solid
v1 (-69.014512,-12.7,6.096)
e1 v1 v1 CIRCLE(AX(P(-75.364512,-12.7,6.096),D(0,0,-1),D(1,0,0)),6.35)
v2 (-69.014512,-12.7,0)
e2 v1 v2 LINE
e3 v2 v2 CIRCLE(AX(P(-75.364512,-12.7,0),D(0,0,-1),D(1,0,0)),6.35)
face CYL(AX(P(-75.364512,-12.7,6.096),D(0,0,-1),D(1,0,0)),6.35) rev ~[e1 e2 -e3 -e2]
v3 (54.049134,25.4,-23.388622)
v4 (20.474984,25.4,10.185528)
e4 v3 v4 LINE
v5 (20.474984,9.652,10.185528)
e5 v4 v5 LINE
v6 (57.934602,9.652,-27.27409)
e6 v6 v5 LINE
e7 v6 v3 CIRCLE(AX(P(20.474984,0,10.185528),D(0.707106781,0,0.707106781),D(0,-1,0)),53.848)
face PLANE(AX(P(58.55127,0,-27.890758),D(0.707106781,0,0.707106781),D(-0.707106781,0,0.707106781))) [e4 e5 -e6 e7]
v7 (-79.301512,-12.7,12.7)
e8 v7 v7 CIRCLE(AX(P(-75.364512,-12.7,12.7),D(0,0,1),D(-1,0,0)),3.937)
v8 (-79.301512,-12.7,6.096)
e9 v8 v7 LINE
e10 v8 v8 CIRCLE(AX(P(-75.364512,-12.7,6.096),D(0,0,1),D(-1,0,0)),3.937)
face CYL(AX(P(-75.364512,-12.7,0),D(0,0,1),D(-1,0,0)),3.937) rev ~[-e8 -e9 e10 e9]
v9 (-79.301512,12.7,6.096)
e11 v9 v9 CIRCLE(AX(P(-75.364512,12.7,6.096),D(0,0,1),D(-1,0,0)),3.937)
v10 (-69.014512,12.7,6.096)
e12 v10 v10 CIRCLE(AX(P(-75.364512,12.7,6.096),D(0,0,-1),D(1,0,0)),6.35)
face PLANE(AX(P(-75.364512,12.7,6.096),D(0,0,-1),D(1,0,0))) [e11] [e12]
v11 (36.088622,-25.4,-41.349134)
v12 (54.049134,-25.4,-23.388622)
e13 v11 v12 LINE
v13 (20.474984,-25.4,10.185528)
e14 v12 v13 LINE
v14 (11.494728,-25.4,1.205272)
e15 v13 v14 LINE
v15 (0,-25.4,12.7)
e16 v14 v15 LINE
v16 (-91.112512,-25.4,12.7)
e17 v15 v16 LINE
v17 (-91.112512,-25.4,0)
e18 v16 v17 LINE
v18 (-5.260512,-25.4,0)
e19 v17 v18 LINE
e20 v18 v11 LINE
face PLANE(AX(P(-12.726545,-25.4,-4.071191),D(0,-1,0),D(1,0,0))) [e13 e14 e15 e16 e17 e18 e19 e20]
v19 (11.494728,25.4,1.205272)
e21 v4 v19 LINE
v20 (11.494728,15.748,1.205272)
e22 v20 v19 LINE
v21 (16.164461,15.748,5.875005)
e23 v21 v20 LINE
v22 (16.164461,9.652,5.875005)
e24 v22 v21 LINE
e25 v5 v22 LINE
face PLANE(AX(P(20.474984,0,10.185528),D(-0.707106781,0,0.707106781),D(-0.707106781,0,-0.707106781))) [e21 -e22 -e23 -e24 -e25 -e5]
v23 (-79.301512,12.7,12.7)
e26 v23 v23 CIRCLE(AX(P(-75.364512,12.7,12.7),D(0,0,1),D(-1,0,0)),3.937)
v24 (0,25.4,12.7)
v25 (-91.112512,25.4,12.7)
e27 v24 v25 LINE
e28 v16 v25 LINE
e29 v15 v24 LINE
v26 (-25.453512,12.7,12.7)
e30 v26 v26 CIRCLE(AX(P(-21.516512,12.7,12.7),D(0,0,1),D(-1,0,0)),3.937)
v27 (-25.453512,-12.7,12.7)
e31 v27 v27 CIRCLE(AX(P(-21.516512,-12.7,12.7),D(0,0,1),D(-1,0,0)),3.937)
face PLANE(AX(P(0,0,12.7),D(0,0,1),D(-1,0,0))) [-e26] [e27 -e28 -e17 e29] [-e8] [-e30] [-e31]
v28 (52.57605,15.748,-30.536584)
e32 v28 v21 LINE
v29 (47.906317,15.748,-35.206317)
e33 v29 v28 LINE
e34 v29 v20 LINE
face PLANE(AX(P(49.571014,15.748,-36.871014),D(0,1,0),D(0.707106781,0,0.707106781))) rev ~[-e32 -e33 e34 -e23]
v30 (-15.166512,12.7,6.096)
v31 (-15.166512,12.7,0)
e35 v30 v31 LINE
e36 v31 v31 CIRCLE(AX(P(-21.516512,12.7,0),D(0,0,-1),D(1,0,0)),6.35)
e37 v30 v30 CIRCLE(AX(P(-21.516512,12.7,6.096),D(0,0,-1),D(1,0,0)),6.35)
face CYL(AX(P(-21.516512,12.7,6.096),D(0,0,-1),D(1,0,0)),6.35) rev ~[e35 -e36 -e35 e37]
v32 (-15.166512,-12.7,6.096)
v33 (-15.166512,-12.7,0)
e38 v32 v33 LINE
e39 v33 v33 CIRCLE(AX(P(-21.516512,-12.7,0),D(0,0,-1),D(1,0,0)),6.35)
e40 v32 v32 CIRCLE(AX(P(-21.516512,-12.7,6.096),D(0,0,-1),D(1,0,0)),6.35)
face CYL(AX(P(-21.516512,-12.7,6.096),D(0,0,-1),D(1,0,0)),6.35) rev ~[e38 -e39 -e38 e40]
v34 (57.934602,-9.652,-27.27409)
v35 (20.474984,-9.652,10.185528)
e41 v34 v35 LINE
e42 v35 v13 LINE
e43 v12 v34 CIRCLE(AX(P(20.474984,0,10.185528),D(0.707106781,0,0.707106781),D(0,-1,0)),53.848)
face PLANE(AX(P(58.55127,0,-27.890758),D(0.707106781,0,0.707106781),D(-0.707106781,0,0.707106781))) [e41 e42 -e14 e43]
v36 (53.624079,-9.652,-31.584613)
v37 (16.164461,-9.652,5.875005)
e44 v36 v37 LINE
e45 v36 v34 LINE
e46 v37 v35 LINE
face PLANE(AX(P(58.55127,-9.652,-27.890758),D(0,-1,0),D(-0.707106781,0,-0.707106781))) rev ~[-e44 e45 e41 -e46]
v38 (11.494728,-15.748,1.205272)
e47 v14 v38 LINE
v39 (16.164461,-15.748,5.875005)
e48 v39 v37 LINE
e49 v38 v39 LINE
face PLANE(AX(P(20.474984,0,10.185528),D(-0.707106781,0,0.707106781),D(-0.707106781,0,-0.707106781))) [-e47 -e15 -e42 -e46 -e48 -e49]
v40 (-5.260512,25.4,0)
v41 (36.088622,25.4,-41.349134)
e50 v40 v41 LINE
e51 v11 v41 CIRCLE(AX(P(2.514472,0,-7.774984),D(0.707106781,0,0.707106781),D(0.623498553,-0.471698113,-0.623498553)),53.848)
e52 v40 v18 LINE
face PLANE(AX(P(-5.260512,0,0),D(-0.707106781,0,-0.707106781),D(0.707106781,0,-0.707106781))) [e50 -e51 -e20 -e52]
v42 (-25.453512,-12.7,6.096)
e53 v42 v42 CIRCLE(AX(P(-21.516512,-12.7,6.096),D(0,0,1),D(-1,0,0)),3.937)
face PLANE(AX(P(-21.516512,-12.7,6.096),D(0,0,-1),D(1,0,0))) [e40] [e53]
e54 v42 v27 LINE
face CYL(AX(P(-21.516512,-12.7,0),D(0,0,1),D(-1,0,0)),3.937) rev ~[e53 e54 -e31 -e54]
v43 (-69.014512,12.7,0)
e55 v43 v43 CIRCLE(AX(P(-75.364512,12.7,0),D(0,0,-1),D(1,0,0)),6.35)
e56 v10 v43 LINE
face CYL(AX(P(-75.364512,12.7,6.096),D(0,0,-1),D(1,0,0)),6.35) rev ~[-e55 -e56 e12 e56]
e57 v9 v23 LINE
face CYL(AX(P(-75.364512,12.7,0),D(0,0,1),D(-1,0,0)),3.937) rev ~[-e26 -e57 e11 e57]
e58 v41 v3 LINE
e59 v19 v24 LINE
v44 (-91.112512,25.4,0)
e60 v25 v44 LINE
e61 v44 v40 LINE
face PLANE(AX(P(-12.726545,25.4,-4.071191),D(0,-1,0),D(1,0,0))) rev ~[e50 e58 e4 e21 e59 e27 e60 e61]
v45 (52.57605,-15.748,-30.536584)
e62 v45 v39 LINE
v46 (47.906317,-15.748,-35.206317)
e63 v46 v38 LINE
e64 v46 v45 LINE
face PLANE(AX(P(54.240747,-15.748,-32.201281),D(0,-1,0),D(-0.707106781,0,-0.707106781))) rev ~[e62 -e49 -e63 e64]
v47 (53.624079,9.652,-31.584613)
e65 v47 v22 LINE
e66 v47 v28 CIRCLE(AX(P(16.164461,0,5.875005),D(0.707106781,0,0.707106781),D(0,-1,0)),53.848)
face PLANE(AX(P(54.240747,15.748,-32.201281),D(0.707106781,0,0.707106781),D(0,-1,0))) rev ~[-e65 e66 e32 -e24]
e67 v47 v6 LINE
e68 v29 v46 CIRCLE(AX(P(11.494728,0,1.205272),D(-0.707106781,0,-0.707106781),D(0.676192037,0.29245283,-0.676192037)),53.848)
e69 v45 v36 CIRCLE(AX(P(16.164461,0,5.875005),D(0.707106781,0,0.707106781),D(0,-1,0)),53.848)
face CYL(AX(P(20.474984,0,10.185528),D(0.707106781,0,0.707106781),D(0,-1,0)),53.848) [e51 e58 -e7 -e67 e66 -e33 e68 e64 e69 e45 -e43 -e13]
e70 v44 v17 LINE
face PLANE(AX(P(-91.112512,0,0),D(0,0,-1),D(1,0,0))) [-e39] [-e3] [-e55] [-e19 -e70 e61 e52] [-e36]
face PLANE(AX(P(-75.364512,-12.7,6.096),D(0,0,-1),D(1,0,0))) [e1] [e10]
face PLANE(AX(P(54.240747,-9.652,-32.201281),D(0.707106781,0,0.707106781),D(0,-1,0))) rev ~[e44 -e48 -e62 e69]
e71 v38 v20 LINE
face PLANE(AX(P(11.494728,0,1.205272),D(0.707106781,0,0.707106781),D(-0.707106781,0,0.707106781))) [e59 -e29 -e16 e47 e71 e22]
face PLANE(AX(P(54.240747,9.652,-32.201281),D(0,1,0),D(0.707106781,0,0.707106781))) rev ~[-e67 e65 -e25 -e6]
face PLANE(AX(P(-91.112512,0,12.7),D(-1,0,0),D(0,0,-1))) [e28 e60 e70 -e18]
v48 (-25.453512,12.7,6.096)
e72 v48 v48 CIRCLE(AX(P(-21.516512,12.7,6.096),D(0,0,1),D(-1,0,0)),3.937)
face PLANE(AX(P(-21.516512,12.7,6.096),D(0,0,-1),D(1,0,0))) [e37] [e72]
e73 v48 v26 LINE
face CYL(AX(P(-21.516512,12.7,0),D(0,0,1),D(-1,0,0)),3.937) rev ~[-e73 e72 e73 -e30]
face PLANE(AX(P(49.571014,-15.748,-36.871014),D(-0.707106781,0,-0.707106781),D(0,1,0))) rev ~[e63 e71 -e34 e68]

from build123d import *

# Parameters (mm, degrees)
F1_DEPTH       = 25.4
F3_D           = 7.874
F3_CBORE_D     = 12.7
F3_CBORE_DEPTH = 6.096
F5_DEPTH       = 134.531275
F7_DEPTH       = 118.529275


with BuildPart() as f1:
    # F0 (on Front) → F1 (new body, symmetric)
    with BuildSketch(Plane.XZ):
        Polygon((-91.112512, 12.7), (-91.112512, 0), (-5.260512, 0), (40.590758, -45.85127), (49.571014, -36.871014), (58.55127, -27.890758), (20.474984, 10.185528), (11.494728, 1.205272), (0, 12.7), align=None)
    extrude(amount=F1_DEPTH, both=True)

    # F3 (through all)
    with Locations(Plane(origin=(0, 0, 0), x_dir=(1, 0, 0), z_dir=(0, 0, -1))):
        with Locations((-75.364512, 12.7), (-75.364512, -12.7), (-21.516512, -12.7), (-21.516512, 12.7)):
            CounterBoreHole(F3_D / 2, F3_CBORE_D / 2, F3_CBORE_DEPTH)

    # F4 (on face) → F5 (cut, through all)
    with BuildSketch(Plane(origin=(43.221014, 0, -43.221014), x_dir=(0, 1, 0), z_dir=(0.707107, 0, -0.707107))):
        Polygon((9.652, 21.680256), (-9.652, 21.680256), (-9.652, 15.584256), (-15.748, 15.584256), (-15.748, 8.980256), (15.748, 8.980256), (15.748, 15.584256), (9.652, 15.584256), align=None)
    extrude(amount=-F5_DEPTH, mode=Mode.SUBTRACT)

    # F6 (on face) → F7 (intersect, through all)
    with BuildSketch(Plane(origin=(15.330256, 0, 15.330256), x_dir=(0, 1, 0), z_dir=(0.707107, 0, 0.707107))):
        with BuildLine():
            ThreePointArc((-53.848, -7.275744), (0, -61.123744), (53.848, -7.275744))
            Line((53.848, -7.275744), (-53.848, -7.275744))
        make_face()
        Polygon((-53.848, -7.275744), (53.848, -7.275744), (31.523697, 119.548529), (-64.190522, 119.548529), align=None)
    extrude(amount=-F7_DEPTH, mode=Mode.INTERSECT)


solid = f1.part
